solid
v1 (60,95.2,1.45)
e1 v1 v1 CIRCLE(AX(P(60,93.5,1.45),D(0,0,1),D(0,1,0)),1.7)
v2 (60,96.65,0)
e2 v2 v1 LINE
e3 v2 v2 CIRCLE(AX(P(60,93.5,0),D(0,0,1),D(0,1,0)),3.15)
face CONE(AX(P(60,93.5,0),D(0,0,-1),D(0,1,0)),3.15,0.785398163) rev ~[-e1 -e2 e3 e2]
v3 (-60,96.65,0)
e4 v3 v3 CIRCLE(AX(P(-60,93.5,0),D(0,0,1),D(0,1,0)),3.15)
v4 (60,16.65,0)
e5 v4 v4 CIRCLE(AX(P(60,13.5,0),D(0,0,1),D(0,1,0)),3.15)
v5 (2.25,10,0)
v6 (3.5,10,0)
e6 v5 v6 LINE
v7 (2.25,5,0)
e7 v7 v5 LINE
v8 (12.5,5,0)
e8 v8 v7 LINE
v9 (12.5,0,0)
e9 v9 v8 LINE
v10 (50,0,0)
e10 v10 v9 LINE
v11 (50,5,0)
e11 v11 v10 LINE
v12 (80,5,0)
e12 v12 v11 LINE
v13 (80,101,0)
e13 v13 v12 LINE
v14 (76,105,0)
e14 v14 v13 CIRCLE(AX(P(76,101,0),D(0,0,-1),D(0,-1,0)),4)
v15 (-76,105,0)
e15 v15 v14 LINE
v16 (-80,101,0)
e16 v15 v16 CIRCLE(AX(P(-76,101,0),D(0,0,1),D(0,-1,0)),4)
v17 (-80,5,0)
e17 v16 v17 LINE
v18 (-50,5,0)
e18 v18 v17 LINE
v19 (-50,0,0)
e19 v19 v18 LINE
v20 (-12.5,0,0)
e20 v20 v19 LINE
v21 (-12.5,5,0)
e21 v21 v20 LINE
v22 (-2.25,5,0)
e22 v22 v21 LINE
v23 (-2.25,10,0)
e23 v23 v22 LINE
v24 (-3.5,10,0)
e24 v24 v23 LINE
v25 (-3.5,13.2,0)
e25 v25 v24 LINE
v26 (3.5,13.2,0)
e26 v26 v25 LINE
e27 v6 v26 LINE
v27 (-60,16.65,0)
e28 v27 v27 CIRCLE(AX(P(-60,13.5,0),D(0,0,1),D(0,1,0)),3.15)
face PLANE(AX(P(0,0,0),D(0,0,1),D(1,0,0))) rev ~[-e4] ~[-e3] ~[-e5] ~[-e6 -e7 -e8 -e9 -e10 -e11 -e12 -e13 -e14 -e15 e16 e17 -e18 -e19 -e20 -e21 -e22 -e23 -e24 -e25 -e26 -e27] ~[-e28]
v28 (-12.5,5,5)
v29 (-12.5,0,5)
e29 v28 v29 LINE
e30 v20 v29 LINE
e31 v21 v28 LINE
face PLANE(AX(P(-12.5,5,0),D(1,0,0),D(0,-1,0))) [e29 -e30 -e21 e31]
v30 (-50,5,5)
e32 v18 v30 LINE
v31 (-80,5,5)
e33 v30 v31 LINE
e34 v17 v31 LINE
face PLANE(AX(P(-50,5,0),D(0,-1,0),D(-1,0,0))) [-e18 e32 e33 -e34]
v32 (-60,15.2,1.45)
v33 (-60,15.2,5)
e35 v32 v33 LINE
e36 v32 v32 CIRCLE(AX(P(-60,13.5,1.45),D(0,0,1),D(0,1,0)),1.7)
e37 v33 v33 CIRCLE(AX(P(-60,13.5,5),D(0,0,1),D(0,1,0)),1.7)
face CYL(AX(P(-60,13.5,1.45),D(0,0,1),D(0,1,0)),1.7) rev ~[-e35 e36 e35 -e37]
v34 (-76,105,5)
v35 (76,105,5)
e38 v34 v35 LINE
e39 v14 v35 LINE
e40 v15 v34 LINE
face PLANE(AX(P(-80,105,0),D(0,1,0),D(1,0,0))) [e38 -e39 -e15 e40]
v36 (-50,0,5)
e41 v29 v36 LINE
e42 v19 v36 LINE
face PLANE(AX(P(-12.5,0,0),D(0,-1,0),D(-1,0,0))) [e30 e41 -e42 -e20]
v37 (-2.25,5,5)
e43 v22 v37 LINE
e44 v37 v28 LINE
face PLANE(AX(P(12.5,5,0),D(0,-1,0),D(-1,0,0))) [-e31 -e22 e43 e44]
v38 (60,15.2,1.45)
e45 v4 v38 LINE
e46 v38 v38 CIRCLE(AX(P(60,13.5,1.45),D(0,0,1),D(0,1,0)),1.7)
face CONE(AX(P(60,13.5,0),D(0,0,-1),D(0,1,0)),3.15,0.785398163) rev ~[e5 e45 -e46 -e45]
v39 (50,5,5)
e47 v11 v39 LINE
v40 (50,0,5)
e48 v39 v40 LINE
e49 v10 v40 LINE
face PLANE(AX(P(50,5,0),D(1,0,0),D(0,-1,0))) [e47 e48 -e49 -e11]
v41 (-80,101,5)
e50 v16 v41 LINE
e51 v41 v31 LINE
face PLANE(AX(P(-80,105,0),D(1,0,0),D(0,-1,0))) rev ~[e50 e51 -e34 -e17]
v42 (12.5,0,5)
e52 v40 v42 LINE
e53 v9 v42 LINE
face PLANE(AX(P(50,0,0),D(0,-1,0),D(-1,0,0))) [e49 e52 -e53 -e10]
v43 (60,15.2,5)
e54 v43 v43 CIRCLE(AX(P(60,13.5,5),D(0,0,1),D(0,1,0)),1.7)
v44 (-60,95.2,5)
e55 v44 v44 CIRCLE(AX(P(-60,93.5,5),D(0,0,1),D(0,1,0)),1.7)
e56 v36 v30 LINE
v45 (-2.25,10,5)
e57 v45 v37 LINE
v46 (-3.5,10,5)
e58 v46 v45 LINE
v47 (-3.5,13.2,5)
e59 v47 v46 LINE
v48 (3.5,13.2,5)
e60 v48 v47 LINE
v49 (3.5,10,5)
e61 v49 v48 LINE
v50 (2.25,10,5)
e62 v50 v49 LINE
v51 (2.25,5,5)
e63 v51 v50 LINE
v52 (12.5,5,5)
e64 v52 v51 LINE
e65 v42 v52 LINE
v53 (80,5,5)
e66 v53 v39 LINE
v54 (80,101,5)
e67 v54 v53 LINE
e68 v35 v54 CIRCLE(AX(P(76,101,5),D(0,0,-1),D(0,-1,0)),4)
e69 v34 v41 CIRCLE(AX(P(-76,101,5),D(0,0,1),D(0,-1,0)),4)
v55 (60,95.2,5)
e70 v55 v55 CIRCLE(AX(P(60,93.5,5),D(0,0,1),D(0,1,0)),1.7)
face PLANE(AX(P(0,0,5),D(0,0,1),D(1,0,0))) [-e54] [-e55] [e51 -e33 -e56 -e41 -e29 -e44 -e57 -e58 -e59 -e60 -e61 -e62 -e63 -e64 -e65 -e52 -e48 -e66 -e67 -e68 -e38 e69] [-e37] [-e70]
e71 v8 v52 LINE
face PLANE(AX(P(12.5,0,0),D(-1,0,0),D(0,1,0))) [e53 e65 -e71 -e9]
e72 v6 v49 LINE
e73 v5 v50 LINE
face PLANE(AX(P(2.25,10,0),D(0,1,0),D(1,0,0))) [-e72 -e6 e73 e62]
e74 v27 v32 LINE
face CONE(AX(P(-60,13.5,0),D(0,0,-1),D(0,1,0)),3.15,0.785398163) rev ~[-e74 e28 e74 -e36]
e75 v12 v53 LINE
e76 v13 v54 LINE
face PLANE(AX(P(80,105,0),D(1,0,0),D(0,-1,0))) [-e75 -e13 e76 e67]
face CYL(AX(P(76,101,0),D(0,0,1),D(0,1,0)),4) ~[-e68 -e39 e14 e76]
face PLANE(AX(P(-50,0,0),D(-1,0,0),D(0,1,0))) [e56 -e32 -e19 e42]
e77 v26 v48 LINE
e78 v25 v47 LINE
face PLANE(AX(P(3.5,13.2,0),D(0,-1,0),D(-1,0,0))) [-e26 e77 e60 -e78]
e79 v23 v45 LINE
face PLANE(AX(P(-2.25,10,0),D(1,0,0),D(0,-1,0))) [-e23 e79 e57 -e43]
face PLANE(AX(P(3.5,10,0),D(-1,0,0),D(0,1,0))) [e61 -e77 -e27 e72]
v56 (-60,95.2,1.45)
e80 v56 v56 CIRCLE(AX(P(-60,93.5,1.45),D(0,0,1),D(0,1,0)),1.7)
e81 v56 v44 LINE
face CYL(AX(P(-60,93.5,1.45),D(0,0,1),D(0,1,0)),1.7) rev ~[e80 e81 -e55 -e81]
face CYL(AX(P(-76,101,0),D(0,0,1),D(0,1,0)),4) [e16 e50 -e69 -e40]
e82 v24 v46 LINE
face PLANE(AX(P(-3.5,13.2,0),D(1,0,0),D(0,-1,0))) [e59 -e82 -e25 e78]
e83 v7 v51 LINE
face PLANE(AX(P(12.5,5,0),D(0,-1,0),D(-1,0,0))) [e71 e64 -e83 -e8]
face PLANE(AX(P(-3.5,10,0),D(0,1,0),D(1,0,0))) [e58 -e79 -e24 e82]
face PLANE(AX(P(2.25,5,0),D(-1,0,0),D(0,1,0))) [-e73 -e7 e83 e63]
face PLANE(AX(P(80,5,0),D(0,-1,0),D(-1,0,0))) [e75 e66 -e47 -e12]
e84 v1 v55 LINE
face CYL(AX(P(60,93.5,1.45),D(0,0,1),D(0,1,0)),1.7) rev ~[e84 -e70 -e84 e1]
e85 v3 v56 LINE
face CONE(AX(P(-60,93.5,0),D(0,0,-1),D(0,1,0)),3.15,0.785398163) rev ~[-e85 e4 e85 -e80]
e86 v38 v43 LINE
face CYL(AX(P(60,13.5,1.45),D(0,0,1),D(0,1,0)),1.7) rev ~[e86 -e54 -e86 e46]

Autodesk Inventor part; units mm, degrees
ref_plane "YZ Plane" through (0, 0, 0) normal (1, 0, 0) x (0, 1, 0)
ref_plane "XZ Plane" through (0, 0, 0) normal (0, 1, 0) x (-1, 0, 0)
ref_plane "XY Plane" through (0, 0, 0) normal (0, 0, 1) x (1, 0, 0)
sketch "Sketch1" plane through (0, 0, 0) normal (0, 0, 1) x (1, 0, 0)
  line L0 (-80, 105) -> (80, 105)
  line L1 (80, 105) -> (80, 5)
  line L2 (80, 5) -> (50, 5)
  line L3 (50, 5) -> (50, 0)
  line L4 (-50, 0) -> (-50, 5)
  line L5 (-50, 5) -> (-80, 5)
  line L6 (-80, 105) -> (-80, 5)
  line L7 (50, 0) -> (12.5, 0)
  line L8 (12.5, 0) -> (12.5, 5)
  line L9 (12.5, 5) -> (-12.5, 5)
  line L10 (-12.5, 5) -> (-12.5, 0)
  line L11 (-12.5, 0) -> (-50, 0)
  point P0 (0, 0)
  point P1 (0, 105)
  point P2 (0, 0)
  point P3 (0, 5)
  dimension "d0" = 5
  dimension "d1" = 100
  dimension "d2" = 160
  dimension "d3" = 100
  dimension "d22" = 5
  dimension "d23" = 25
  dimension "d24" = 5
  dimension "d25" = 30
extrude "Extrusion1" add sketch "Sketch1" along normal blind 5
sketch "Sketch3" plane through (0, 0, 0) normal (0, 0, -1) x (-1, 0, 0)
  line L0 (60, 13.5) -> (-60, 13.5) construction
  line L1 (-60, 13.5) -> (-60, 93.5) construction
  line L2 (-60, 93.5) -> (60, 93.5) construction
  line L3 (60, 93.5) -> (60, 13.5) construction
  line L4 (60, 13.5) -> (-60, 93.5) construction
  line L5 (-60, 13.5) -> (60, 93.5) construction
  line L6 (80, 5) -> (50, 5) projected
  point P0 (0, 0)
  point P1 (60, 93.5)
  point P2 (0, 53.5)
  point P3 (0, 93.5)
  dimension "d32" = 120
  dimension "d33" = 8.5
  dimension "d34" = 80
hole "Hole1" at (60, 93.5, 0) at (-60, 93.5, 0) at (60, 13.5, 0) at (-60, 13.5, 0) direction (0, 0, 1) diameter 3.4 depth 8 tip angle 118 countersink diameter 6.3 countersink angle 90 clearance for "Countersunk Flat Head Screw DIN EN ISO 2009" size "M3" standard "DIN"
fillet "Fillet1" radius 4 2 edges at (80, 105, 2.5) (-80, 105, 2.5)
sketch "Sketch5" plane through (0, 0, 0) normal (0, 0, -1) x (-1, 0, 0)
  line L0 (-2.25, 5) -> (-2.25, 10)
  line L1 (-2.25, 10) -> (-3.5, 10)
  line L2 (-3.5, 10) -> (-3.5, 13.2)
  line L3 (-3.5, 13.2) -> (3.5, 13.2)
  line L4 (3.5, 13.2) -> (3.5, 10)
  line L5 (3.5, 10) -> (2.25, 10)
  line L6 (2.25, 10) -> (2.25, 5)
  line L7 (-12.5, 5) -> (12.5, 5) projected
  line L8 (-2.25, 5) -> (2.25, 5)
  point P0 (0, 0)
  point P1 (0, 13.2)
  point P2 (0, 5)
  point P3 (0, 5)
  dimension "d26" = 7
  dimension "d27" = 3.2
  dimension "d28" = 5
  dimension "d29" = 4.5
extrude "Extrusion3" cut sketch "Sketch5" against normal blind 5
equation "\"d25\" = -0.5 * d1 + 0.5 * d2"
properties part number "LogicHolder" material "Polycarbonate, Clear"
